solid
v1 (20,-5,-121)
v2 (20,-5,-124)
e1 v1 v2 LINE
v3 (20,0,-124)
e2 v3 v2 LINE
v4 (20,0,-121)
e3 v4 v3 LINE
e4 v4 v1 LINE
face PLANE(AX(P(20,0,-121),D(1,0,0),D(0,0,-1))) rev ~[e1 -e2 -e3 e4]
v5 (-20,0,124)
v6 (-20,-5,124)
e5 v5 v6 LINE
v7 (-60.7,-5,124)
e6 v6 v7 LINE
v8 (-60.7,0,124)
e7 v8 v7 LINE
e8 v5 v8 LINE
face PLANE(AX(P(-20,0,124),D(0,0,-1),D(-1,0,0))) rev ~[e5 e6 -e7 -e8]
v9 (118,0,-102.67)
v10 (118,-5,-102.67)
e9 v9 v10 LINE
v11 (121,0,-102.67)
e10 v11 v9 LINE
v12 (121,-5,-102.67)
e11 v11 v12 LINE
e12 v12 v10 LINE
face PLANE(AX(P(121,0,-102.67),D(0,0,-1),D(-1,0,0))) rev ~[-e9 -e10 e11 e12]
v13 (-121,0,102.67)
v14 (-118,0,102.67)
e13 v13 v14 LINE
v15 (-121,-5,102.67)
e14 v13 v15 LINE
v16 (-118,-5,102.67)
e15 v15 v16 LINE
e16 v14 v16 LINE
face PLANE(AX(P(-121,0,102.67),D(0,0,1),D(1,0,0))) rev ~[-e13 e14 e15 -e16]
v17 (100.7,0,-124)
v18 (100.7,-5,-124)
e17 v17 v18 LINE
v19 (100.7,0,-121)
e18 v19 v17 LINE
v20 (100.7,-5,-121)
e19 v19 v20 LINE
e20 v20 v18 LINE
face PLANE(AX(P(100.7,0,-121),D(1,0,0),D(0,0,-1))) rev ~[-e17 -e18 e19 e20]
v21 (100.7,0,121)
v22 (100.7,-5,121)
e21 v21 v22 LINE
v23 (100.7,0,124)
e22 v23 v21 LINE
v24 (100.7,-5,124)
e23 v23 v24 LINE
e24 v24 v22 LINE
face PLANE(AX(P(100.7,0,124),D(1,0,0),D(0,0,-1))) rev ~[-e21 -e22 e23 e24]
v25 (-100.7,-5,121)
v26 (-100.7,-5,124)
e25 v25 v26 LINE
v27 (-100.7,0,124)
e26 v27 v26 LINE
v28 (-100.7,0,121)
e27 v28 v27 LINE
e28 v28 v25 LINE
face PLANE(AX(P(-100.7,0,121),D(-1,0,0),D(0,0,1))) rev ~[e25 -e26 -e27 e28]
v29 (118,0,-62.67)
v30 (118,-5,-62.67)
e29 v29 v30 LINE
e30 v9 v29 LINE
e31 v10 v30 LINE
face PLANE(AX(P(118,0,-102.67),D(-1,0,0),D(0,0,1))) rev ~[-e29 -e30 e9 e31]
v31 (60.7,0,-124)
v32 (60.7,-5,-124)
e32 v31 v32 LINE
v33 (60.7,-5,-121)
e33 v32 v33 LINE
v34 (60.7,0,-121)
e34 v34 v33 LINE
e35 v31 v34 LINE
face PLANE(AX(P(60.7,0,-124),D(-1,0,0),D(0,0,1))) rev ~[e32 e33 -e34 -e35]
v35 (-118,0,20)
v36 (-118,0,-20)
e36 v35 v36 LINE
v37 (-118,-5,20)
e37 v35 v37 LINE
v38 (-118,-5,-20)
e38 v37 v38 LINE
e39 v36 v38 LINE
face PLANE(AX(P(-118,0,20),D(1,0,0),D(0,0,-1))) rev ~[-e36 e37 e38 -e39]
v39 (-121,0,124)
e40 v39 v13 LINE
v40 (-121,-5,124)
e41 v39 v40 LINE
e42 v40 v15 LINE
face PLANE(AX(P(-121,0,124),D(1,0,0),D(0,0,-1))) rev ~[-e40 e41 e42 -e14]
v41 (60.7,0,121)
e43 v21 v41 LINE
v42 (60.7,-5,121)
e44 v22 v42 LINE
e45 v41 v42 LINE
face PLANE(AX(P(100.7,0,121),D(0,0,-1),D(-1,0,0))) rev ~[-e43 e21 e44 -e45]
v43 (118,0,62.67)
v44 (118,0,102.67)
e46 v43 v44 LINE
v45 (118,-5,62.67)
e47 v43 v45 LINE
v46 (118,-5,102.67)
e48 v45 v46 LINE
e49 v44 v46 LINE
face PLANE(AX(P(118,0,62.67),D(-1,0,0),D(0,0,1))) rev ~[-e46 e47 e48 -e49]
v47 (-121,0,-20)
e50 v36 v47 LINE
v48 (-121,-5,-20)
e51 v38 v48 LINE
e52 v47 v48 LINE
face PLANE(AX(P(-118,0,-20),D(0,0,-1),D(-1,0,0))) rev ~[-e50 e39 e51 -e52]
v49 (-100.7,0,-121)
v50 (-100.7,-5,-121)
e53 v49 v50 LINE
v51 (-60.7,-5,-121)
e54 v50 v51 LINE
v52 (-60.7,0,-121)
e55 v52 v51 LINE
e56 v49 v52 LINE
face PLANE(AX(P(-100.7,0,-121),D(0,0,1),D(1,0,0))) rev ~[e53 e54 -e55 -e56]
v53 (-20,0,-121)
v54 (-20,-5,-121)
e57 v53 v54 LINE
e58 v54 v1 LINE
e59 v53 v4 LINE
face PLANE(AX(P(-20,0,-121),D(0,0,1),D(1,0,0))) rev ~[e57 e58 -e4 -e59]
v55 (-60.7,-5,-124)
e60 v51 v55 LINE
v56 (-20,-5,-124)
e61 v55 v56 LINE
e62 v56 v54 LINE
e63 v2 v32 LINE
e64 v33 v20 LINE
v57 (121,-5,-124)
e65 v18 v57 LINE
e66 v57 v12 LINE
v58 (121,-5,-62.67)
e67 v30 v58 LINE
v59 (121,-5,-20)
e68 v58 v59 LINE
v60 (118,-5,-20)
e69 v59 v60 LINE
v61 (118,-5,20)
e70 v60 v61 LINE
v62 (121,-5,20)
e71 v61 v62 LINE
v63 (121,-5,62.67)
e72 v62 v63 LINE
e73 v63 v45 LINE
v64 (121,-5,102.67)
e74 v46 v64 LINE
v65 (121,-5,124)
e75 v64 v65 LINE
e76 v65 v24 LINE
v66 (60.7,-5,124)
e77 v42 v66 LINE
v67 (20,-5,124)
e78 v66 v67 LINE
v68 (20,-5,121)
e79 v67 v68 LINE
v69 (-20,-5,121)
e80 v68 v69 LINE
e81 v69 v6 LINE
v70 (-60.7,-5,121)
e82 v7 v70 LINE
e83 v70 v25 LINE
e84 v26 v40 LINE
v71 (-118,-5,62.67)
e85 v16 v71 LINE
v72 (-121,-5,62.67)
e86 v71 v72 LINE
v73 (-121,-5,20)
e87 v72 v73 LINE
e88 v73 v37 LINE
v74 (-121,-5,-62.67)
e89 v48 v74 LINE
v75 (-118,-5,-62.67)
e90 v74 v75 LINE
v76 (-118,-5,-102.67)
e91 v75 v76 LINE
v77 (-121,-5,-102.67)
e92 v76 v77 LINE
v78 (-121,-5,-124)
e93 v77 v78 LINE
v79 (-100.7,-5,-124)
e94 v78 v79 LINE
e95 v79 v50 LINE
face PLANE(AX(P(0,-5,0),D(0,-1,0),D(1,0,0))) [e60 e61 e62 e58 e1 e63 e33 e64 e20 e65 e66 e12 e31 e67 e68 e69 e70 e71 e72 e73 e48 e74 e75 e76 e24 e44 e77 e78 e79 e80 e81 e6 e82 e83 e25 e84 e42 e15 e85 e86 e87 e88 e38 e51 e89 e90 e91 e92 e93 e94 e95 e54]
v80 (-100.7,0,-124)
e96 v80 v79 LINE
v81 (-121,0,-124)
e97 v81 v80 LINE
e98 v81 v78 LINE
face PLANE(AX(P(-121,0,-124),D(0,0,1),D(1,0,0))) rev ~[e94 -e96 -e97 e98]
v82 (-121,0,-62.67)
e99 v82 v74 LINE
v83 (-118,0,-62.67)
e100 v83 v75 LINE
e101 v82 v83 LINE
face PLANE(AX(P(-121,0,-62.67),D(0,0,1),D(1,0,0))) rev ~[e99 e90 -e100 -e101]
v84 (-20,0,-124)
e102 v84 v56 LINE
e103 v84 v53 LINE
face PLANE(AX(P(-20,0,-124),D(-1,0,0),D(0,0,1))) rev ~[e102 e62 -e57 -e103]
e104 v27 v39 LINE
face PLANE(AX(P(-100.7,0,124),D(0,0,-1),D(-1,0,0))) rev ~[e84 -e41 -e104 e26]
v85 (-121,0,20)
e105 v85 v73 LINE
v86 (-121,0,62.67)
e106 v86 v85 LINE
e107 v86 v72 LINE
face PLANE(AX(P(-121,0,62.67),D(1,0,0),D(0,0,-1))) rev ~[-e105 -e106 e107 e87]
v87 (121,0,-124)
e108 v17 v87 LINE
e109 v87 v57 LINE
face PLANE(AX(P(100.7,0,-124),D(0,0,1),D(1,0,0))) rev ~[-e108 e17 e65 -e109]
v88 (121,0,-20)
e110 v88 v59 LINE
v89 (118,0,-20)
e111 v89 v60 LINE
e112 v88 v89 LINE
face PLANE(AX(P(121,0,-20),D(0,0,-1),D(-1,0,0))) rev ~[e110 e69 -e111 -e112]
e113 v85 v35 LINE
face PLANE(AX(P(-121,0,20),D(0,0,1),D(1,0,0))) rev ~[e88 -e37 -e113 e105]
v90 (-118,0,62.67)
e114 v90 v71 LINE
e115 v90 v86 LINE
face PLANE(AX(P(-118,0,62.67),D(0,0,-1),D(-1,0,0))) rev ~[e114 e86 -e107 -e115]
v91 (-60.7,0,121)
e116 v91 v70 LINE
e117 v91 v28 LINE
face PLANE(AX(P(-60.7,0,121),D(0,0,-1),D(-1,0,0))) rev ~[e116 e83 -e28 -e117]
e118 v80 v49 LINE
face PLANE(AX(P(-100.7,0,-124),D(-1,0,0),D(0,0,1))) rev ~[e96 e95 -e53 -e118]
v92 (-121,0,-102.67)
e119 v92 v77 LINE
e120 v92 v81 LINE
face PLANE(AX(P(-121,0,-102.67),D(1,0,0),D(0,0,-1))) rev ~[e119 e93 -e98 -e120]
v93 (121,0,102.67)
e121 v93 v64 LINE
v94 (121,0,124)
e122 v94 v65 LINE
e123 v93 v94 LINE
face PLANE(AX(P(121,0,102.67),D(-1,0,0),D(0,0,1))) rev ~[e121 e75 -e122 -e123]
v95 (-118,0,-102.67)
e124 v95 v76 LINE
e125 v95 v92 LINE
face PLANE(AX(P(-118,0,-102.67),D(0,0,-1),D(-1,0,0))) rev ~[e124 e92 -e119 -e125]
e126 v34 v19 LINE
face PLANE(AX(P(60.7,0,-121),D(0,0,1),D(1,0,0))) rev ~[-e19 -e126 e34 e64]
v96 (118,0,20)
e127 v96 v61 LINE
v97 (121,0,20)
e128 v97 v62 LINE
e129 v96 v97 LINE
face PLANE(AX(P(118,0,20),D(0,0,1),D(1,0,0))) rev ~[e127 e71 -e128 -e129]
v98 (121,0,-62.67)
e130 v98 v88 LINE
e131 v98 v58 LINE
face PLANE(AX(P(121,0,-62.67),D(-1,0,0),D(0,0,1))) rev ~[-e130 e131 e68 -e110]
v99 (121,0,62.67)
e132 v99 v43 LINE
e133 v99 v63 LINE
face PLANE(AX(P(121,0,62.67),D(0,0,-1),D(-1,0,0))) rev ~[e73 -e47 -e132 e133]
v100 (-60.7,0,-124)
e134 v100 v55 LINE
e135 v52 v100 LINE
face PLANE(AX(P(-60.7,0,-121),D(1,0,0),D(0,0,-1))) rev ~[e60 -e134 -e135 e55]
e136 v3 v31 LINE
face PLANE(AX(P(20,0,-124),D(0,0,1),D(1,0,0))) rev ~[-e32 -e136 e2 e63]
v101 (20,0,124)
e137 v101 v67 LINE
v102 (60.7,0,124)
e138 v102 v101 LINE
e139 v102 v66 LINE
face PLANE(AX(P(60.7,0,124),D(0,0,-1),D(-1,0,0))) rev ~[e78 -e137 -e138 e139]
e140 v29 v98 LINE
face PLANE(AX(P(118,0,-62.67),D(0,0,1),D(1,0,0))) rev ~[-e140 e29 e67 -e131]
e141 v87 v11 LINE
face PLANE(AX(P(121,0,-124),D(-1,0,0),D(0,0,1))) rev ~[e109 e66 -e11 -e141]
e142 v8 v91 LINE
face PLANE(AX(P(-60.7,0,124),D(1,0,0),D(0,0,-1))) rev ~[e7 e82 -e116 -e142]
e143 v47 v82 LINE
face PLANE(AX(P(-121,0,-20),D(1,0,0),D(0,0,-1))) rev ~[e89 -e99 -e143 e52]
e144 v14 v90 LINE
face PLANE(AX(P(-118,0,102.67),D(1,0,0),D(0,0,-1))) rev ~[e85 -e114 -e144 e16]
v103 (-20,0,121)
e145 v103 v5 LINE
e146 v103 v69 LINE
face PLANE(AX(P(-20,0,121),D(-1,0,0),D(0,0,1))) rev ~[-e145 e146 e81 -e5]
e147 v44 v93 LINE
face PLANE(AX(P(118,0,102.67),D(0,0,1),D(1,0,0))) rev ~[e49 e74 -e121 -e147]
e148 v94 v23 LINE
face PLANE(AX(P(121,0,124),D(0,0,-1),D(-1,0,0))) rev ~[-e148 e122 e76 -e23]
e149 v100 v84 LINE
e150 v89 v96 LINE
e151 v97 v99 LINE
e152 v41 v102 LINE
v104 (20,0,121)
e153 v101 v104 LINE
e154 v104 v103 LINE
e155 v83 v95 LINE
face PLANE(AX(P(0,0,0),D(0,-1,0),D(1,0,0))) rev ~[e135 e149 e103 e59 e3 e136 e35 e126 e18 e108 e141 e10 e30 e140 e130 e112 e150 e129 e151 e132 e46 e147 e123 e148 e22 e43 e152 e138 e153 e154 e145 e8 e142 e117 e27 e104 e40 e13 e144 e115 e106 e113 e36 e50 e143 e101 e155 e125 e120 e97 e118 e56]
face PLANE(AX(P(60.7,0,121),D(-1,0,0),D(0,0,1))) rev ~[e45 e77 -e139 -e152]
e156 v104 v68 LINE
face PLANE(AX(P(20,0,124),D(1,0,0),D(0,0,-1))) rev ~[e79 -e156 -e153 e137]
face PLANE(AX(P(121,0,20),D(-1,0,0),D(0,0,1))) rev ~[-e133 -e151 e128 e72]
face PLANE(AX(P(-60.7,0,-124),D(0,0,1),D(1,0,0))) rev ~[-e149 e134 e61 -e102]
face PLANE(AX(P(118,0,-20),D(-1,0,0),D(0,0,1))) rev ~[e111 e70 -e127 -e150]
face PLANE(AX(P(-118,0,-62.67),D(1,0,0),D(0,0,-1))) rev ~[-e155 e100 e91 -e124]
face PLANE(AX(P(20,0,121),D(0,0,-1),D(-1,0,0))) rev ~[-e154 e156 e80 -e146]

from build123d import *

# Parameters (mm, degrees)
F1_DEPTH = 5


with BuildPart() as f1:
    # F0 (on Front) → F1 (new body)
    with BuildSketch(Plane.XZ):
        Polygon((100.7, -124), (121, -124), (121, -102.67), (118, -102.67), (118, -62.67), (121, -62.67), (121, -20), (118, -20), (118, 20), (121, 20), (121, 62.67), (118, 62.67), (118, 102.67), (121, 102.67), (121, 124), (100.7, 124), (100.7, 121), (60.7, 121), (60.7, 124), (20, 124), (20, 121), (-20, 121), (-20, 124), (-60.7, 124), (-60.7, 121), (-100.7, 121), (-100.7, 124), (-121, 124), (-121, 102.67), (-118, 102.67), (-118, 62.67), (-121, 62.67), (-121, 20), (-118, 20), (-118, -20), (-121, -20), (-121, -62.67), (-118, -62.67), (-118, -102.67), (-121, -102.67), (-121, -124), (-100.7, -124), (-100.7, -121), (-60.7, -121), (-60.7, -124), (-20, -124), (-20, -121), (20, -121), (20, -124), (60.7, -124), (60.7, -121), (100.7, -121), align=None)
    extrude(amount=F1_DEPTH)


solid = f1.part
